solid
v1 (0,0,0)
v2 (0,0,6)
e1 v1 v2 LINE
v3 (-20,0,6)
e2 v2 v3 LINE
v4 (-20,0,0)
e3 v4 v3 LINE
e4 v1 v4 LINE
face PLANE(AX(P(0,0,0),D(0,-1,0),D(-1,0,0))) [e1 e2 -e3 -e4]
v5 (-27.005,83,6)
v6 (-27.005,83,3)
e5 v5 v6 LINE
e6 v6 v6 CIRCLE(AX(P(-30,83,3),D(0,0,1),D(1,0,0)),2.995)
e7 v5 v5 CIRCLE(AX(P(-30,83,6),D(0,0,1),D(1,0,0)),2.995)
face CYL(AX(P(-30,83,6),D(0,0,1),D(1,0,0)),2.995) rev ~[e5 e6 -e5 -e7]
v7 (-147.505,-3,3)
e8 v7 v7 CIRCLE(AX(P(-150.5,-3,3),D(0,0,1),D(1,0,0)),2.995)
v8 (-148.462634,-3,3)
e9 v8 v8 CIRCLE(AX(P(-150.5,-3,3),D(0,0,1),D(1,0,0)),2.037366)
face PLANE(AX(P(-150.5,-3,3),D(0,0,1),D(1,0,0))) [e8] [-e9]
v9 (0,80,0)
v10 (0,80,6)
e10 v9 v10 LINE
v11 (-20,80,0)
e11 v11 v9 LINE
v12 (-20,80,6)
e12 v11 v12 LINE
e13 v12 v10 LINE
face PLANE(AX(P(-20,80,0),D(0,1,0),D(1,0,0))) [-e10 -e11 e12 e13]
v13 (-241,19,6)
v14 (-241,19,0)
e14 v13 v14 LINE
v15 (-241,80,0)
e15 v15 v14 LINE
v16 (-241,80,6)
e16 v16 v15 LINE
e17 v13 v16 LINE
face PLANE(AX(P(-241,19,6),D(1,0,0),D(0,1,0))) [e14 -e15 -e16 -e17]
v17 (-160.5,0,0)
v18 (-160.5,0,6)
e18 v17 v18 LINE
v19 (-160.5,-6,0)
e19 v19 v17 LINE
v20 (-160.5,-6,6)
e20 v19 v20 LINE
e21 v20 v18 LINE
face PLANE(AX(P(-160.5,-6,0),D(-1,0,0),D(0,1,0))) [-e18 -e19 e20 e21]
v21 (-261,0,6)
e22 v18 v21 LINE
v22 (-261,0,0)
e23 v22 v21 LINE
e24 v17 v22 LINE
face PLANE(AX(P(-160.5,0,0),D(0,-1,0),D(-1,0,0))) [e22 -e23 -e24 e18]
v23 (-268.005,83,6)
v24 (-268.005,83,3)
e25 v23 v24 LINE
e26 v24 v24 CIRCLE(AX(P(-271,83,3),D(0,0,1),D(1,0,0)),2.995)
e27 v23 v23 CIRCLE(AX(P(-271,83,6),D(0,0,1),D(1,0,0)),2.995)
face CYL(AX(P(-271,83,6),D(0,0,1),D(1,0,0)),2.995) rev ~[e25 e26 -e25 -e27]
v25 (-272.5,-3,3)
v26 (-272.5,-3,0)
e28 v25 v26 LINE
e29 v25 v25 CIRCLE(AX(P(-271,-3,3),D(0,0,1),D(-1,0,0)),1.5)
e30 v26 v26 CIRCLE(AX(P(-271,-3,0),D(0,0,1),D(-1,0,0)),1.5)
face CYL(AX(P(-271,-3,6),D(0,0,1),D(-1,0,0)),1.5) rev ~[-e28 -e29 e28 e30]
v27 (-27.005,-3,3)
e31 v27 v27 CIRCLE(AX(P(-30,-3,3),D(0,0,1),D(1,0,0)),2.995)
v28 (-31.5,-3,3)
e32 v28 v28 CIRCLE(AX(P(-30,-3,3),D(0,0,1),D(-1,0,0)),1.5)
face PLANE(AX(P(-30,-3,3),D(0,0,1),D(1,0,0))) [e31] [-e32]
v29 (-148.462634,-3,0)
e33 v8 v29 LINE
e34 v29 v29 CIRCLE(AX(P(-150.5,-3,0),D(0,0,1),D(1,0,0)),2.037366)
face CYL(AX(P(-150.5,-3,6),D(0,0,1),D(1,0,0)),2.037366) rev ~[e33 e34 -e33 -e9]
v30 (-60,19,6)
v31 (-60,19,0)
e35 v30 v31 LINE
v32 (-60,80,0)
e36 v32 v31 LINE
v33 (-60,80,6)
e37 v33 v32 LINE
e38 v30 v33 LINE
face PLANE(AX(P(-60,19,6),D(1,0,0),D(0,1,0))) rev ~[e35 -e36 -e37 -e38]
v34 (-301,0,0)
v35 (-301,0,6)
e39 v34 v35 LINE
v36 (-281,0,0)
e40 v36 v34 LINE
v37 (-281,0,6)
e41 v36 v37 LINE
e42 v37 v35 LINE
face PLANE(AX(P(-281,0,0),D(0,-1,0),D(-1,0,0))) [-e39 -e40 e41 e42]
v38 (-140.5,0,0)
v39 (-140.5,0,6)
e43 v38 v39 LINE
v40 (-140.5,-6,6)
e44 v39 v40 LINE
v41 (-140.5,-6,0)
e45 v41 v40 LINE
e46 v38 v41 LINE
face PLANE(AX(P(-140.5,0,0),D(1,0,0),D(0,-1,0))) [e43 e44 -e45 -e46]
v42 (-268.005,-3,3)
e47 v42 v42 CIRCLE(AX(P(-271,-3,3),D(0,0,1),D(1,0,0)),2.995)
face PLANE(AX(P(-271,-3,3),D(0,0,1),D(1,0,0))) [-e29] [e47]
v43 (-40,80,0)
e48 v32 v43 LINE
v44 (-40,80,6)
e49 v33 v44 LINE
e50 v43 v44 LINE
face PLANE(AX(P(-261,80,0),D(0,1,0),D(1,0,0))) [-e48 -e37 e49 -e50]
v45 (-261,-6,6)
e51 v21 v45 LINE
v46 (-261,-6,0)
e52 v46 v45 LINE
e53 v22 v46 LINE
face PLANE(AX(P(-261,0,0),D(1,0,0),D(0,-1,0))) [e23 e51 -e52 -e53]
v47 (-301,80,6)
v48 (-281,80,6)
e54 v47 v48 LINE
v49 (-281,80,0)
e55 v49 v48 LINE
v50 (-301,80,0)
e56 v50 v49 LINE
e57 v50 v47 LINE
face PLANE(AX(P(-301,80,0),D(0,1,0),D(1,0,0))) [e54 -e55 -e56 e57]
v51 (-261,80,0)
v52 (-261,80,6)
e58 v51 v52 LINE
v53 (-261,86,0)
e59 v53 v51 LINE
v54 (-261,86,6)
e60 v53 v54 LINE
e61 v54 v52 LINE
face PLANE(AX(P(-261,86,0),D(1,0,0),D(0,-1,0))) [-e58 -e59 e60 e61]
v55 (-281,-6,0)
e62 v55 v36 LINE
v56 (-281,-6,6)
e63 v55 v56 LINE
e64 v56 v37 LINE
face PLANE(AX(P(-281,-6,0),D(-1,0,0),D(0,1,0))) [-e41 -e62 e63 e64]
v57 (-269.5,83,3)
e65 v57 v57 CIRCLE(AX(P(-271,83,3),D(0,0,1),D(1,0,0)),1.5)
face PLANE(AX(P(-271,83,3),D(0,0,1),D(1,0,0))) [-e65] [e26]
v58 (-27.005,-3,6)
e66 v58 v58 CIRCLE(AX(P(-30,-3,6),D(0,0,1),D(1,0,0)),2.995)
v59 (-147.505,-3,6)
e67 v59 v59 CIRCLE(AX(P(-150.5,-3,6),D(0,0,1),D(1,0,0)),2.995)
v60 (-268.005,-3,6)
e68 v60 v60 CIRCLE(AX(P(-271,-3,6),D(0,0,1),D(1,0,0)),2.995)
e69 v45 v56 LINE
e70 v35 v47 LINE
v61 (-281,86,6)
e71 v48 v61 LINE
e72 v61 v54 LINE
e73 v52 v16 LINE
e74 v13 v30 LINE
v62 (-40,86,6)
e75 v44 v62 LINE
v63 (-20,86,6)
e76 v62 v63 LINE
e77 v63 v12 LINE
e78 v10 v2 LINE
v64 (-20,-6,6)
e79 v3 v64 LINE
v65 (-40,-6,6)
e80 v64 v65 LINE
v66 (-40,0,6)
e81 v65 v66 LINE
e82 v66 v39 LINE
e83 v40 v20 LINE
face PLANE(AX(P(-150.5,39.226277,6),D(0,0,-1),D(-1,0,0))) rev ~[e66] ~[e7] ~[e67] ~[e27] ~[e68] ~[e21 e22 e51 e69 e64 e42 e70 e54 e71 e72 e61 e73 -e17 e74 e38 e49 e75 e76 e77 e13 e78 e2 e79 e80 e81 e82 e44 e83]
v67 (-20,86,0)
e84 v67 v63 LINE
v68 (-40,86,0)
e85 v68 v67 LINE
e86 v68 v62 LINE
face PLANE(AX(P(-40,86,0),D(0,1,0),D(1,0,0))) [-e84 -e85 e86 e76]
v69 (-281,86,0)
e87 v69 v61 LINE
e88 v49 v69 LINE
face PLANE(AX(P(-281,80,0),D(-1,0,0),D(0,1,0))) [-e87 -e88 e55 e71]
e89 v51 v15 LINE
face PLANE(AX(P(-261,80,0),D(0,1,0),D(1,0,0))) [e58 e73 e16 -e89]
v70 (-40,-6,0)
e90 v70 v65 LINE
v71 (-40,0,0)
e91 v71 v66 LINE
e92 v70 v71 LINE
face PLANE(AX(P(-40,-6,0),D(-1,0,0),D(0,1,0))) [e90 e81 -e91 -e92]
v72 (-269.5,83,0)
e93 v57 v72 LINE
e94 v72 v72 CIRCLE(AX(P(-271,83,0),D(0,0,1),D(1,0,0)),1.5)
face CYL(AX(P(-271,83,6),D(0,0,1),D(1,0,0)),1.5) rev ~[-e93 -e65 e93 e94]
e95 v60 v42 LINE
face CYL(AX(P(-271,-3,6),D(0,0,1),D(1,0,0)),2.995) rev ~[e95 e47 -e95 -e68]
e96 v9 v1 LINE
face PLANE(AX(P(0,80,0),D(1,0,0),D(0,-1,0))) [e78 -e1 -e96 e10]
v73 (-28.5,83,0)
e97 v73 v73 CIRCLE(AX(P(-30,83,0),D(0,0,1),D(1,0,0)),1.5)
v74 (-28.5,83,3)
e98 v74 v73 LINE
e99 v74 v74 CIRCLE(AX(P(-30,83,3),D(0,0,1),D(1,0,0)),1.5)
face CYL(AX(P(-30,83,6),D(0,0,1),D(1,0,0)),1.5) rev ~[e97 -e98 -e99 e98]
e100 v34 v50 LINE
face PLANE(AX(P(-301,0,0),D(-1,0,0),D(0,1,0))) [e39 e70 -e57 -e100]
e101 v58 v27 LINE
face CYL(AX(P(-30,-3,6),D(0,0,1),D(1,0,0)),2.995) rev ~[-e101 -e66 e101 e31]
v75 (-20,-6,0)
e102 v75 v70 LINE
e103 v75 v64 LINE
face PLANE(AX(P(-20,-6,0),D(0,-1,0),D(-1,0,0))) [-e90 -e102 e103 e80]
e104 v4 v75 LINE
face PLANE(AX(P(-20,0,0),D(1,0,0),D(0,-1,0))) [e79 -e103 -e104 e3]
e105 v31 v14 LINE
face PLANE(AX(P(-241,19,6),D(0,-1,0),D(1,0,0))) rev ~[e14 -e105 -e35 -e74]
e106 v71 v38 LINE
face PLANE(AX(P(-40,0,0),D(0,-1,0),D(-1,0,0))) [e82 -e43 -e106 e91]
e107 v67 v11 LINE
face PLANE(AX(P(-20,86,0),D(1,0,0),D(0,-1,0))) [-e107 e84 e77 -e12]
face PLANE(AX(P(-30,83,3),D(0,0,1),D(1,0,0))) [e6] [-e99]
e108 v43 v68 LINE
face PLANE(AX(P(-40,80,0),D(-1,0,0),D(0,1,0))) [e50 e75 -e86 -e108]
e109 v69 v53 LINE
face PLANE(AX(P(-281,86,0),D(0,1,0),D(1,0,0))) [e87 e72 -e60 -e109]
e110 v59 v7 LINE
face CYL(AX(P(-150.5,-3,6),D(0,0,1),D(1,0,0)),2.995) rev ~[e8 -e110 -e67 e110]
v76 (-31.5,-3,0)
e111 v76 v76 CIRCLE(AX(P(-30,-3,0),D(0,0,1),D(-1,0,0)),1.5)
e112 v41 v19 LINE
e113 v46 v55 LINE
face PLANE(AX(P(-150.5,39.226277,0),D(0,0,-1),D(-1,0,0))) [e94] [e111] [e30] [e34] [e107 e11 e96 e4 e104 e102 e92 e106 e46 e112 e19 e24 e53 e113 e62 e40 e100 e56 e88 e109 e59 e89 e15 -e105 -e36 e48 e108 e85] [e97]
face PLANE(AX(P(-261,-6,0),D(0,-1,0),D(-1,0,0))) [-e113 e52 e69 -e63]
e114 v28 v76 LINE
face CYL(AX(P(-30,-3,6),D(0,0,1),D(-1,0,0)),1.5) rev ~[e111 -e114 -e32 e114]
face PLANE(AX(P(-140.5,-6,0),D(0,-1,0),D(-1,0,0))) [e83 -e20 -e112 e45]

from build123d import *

# Parameters (mm, degrees)
BOSS_EXTRU_1_DEPTH      = 6
ESQUISSE2_W             = 181
ESQUISSE2_H             = 61
ENL_V_MAT_EXTRU_1_DEPTH = 314.10221973
ESQUISSE4_R             = 1.5
ESQUISSE4_R_2           = 2.037365752
ENL_V_MAT_EXTRU_2_DEPTH = 314.10221973
ESQUISSE5_R             = 2.995
ENL_V_MAT_EXTRU_3_DEPTH = 3


with BuildPart() as part:
    # Esquisse1 → Boss.-Extru.1 (new body)
    with BuildSketch(Plane.XY):
        Polygon((-301, 80), (-281, 80), (-281, 86), (-261, 86), (-261, 80), (-40, 80), (-40, 86), (-20, 86), (-20, 80), (0, 80), (0, 0), (-20, 0), (-20, -6), (-40, -6), (-40, 0), (-140.5, 0), (-140.5, -6), (-160.5, -6), (-160.5, 0), (-261, 0), (-261, -6), (-281, -6), (-281, 0), (-301, 0), align=None)
    extrude(amount=BOSS_EXTRU_1_DEPTH)

    # Esquisse2 → Enlèv. mat.-Extru.1 (cut, through all)
    with BuildSketch(Plane.XY.offset(6)):
        with Locations((-150.5, 49.5)):
            Rectangle(ESQUISSE2_W, ESQUISSE2_H)
    extrude(amount=-ENL_V_MAT_EXTRU_1_DEPTH, mode=Mode.SUBTRACT)

    # Esquisse4 → Enlèv. mat.-Extru.2 (cut, through all)
    with BuildSketch(Plane.XY.offset(6)):
        with Locations((-271, 83)):
            Circle(ESQUISSE4_R)
        with Locations((-30, 83)):
            Circle(ESQUISSE4_R)
        with Locations(Location((-30, -3, 0), (0, 0, 180))):
            Circle(ESQUISSE4_R)
        with Locations(Location((-271, -3, 0), (0, 0, 180))):
            Circle(ESQUISSE4_R)
        with Locations((-150.5, -3)):
            Circle(ESQUISSE4_R_2)
    extrude(amount=-ENL_V_MAT_EXTRU_2_DEPTH, mode=Mode.SUBTRACT)

    # Esquisse5 → Enlèv. mat.-Extru.3 (cut)
    with BuildSketch(Plane.XY.offset(6)):
        with Locations((-271, 83)):
            Circle(ESQUISSE5_R)
        with Locations((-30, 83)):
            Circle(ESQUISSE5_R)
        with Locations((-271, -3)):
            Circle(ESQUISSE5_R)
        with Locations((-150.5, -3)):
            Circle(ESQUISSE5_R)
        with Locations((-30, -3)):
            Circle(ESQUISSE5_R)
    extrude(amount=-ENL_V_MAT_EXTRU_3_DEPTH, mode=Mode.SUBTRACT)


solid = part.part
